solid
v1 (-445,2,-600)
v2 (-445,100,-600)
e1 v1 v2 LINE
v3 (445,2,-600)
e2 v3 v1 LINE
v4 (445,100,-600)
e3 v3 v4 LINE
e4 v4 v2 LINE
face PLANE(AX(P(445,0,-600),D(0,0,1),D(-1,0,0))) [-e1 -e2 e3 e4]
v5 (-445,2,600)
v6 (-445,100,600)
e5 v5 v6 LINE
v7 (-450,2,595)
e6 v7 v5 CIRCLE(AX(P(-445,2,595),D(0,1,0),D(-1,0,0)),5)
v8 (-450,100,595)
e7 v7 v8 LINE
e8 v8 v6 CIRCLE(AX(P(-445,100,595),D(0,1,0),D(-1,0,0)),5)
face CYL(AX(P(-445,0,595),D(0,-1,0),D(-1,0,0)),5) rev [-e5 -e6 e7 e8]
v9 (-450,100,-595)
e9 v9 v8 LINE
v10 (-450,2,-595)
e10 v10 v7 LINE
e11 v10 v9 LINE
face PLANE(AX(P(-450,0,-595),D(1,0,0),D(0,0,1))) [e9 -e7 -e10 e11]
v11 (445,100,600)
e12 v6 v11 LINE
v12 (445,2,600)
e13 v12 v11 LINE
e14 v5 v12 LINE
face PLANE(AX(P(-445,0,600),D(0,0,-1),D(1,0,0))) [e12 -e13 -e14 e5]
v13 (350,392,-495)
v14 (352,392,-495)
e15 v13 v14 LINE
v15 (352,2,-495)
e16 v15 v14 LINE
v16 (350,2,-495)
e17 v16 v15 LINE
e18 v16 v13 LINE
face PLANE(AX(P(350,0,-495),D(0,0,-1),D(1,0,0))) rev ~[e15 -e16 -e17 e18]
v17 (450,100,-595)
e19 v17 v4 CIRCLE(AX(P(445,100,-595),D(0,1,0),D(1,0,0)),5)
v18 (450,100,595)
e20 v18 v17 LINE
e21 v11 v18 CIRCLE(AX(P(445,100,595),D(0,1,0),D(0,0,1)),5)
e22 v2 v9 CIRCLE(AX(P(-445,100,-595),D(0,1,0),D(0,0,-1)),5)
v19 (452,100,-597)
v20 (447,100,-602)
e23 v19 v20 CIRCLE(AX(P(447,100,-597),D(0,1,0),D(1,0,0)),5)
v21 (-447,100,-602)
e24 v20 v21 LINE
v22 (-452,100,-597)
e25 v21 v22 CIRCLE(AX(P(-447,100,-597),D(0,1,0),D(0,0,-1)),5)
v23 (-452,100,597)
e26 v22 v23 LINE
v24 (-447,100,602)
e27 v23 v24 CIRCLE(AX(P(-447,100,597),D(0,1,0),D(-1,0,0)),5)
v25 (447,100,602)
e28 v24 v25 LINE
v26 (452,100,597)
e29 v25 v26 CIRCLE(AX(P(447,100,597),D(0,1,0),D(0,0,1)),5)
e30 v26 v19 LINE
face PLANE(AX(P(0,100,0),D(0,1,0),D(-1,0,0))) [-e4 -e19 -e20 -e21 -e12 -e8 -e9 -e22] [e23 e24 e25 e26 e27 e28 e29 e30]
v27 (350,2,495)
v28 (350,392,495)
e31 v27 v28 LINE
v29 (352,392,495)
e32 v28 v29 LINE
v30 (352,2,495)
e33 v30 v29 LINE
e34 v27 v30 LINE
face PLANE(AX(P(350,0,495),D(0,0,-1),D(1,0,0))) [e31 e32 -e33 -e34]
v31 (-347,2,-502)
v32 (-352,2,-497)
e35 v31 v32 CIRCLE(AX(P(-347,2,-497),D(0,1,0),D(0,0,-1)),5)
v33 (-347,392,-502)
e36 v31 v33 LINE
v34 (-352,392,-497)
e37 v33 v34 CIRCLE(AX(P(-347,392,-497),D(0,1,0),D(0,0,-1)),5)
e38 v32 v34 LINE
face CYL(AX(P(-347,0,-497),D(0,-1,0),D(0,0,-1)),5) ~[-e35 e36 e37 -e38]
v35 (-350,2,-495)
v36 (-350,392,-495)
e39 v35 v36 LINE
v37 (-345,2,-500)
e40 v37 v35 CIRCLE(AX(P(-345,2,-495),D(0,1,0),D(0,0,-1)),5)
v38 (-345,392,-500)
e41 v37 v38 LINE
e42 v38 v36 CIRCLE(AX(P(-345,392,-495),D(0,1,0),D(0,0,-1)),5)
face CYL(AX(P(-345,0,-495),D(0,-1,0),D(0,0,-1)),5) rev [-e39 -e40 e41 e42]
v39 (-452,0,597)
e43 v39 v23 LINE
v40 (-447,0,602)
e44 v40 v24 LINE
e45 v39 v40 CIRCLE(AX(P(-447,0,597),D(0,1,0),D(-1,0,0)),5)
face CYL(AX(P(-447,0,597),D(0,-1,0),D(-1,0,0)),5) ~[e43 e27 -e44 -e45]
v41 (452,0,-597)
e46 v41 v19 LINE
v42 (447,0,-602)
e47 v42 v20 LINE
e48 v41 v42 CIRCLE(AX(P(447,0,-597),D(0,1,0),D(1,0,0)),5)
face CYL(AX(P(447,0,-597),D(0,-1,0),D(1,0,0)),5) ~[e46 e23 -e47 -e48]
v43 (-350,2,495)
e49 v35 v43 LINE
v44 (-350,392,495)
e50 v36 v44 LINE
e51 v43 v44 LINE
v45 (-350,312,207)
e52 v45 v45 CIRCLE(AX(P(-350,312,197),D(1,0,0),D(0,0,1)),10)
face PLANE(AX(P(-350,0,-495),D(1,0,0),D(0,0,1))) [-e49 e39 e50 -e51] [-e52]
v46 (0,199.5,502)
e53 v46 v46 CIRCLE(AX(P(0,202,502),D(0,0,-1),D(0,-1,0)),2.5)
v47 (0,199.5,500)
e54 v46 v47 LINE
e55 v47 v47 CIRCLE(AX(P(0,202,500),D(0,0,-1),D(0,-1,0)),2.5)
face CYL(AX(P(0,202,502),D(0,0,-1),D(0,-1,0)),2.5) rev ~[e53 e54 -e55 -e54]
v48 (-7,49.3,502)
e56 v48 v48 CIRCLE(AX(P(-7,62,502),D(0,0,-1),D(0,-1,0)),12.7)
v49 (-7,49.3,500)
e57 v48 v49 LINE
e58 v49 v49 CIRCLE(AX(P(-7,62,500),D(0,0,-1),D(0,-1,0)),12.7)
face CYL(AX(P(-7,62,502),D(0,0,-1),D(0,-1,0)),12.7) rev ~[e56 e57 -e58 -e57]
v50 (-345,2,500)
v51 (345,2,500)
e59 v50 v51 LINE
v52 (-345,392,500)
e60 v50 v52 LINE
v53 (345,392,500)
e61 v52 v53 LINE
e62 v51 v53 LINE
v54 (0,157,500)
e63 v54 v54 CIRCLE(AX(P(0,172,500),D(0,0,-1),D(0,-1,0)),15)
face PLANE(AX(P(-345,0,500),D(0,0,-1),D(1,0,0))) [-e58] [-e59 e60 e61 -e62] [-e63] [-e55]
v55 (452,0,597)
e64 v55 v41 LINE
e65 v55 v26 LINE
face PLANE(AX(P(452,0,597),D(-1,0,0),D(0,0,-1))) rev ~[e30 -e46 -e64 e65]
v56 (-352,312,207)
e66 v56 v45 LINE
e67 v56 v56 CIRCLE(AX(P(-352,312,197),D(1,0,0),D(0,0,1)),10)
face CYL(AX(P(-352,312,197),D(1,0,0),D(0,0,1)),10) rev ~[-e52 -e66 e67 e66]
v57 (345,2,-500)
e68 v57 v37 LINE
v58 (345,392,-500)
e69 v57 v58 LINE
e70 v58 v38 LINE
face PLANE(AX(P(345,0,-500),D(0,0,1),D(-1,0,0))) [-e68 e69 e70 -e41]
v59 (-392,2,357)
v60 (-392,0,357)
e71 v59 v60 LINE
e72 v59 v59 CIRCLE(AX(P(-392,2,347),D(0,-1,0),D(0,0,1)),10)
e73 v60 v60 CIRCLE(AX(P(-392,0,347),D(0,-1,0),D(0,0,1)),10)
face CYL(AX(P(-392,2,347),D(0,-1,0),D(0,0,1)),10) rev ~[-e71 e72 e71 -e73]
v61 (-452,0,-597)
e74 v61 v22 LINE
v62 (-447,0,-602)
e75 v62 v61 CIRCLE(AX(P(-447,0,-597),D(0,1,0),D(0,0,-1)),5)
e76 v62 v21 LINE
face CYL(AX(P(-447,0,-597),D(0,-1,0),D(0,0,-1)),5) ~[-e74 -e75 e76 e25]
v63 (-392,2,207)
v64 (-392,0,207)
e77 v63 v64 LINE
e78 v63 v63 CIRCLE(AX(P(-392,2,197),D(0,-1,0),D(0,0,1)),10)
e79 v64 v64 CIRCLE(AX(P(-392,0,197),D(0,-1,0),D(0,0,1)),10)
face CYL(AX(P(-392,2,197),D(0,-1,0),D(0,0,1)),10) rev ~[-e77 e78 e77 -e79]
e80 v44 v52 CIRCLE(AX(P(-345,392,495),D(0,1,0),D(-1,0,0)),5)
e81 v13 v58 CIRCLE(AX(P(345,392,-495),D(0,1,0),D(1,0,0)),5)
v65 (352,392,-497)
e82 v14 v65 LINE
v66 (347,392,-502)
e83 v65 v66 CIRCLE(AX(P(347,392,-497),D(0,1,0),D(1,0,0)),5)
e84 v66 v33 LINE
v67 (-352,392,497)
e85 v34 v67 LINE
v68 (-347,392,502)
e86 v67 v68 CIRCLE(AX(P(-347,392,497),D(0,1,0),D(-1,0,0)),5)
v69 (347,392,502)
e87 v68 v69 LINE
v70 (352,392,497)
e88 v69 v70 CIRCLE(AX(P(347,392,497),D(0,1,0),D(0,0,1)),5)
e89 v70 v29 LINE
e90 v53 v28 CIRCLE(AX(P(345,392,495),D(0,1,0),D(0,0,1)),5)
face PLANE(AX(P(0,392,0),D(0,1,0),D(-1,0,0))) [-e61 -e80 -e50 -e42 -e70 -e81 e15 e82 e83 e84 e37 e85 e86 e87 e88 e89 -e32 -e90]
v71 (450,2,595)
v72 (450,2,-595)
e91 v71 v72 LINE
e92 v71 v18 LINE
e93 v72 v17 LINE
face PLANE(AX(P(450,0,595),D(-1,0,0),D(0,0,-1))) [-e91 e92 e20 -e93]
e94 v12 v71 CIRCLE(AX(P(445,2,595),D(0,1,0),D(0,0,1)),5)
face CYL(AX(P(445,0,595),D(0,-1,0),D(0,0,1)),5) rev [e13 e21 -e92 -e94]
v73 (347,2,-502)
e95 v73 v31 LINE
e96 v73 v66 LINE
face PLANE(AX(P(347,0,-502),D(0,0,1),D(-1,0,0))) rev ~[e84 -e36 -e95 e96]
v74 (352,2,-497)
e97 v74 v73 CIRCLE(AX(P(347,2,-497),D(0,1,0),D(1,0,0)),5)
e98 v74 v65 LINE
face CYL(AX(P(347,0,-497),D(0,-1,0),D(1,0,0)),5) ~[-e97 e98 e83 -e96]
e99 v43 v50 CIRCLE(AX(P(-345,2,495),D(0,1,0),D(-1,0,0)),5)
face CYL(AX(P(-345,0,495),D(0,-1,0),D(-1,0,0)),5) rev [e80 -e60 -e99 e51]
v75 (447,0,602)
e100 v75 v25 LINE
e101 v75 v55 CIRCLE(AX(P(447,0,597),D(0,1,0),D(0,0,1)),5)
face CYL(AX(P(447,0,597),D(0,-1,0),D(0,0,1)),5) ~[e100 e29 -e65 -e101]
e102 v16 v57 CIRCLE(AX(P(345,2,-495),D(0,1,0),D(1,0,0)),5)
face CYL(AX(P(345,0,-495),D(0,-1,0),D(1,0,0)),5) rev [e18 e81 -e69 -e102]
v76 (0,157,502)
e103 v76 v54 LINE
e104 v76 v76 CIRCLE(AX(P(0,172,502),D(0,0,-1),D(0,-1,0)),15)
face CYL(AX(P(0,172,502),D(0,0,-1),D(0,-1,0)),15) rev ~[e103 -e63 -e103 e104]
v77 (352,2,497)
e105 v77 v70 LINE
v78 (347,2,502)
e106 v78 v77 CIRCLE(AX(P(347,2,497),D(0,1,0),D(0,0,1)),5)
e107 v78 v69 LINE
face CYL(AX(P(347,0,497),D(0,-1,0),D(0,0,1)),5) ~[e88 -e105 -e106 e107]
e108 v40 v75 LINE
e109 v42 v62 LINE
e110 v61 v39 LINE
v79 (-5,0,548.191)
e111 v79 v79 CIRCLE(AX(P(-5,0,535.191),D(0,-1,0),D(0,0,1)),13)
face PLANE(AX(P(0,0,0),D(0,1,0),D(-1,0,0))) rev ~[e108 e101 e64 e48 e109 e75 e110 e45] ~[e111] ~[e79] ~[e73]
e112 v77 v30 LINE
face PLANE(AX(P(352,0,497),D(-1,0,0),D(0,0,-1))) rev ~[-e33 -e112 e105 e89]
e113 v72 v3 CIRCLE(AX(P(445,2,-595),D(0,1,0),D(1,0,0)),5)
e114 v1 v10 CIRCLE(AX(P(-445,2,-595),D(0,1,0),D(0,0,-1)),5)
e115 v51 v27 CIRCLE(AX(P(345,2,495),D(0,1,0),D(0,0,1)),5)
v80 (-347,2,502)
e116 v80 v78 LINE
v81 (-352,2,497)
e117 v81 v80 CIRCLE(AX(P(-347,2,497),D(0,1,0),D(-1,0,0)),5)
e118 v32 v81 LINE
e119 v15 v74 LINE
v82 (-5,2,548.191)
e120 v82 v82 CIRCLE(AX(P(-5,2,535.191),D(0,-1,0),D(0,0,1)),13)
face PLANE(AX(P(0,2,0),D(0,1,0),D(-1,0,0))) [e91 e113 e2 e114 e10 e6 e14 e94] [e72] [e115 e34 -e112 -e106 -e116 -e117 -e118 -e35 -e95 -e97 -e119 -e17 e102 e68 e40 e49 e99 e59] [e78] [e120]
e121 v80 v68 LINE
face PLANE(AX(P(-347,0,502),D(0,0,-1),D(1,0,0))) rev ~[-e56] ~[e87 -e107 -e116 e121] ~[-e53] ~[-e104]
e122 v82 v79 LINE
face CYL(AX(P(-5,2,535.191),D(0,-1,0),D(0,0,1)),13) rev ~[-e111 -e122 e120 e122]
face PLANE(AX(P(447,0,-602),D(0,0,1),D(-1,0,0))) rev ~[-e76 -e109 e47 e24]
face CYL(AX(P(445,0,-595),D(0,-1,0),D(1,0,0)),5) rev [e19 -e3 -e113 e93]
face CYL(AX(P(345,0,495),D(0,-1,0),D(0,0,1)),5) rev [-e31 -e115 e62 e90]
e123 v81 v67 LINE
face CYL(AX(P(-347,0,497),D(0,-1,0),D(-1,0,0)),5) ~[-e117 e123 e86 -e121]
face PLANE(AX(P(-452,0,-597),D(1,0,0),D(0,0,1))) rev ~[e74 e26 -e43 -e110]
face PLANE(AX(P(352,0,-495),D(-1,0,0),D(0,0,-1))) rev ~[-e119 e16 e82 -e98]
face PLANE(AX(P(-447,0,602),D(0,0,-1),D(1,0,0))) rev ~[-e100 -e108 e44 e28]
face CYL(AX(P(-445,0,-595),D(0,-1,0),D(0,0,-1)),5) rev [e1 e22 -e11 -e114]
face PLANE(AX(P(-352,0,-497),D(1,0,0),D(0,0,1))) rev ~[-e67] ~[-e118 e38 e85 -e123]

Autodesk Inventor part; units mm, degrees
ref_plane "YZ Plane" through (0, 0, 0) normal (1, 0, 0) x (0, 1, 0)
ref_plane "XZ Plane" through (0, 0, 0) normal (0, 1, 0) x (-1, 0, 0)
ref_plane "XY Plane" through (0, 0, 0) normal (0, 0, 1) x (1, 0, 0)
sketch "Sketch1" plane through (0, 0, 0) normal (0, 1, 0) x (-1, 0, 0)
  line L0 (345, 500) -> (-345, 500)
  line L1 (-345, -500) -> (345, -500)
  line L2 (350, -495) -> (350, 495)
  line L3 (350, 500) -> (-350, -500) construction
  line L4 (-350, 500) -> (350, -500) construction
  line L5 (347, 502) -> (-347, 502)
  line L6 (-347, -502) -> (347, -502)
  line L7 (352, -497) -> (352, 497)
  line L8 (352, 502) -> (-352, -502) construction
  line L9 (-352, 502) -> (352, -502) construction
  line L10 (445, 600) -> (-445, 600)
  line L11 (-450, 595) -> (-450, -595)
  line L12 (-445, -600) -> (445, -600)
  line L13 (450, -595) -> (450, 595)
  line L14 (450, 600) -> (-450, -600) construction
  line L15 (-450, 600) -> (450, -600) construction
  line L16 (447, 602) -> (-447, 602)
  line L17 (-452, 597) -> (-452, -597)
  line L18 (-447, -602) -> (447, -602)
  line L19 (452, -597) -> (452, 597)
  line L20 (452, 602) -> (-452, -602) construction
  line L21 (-452, 602) -> (452, -602) construction
  arc A0 (452, 597) -> (447, 602) centre (447, 597) ccw
  arc A1 (450, 595) -> (445, 600) centre (445, 595) ccw
  arc A2 (-445, 600) -> (-450, 595) centre (-445, 595) ccw
  arc A3 (-447, 602) -> (-452, 597) centre (-447, 597) ccw
  arc A4 (-450, -595) -> (-445, -600) centre (-445, -595) ccw
  arc A5 (-452, -597) -> (-447, -602) centre (-447, -597) ccw
  arc A6 (445, -600) -> (450, -595) centre (445, -595) ccw
  arc A7 (447, -602) -> (452, -597) centre (447, -597) ccw
  arc A8 (350, 495) -> (345, 500) centre (345, 495) ccw
  arc A9 (352, 497) -> (347, 502) centre (347, 497) ccw
  arc A10 (-345, 500) -> (-350, 495) centre (-345, 495) ccw
  arc A11 (-347, 502) -> (-352, 497) centre (-347, 497) ccw
  arc A12 (-352, -497) -> (-347, -502) centre (-347, -497) ccw
  arc A13 (-350, -495) -> (-345, -500) centre (-345, -495) ccw
  arc A14 (345, -500) -> (350, -495) centre (345, -495) ccw
  arc A15 (347, -502) -> (352, -497) centre (347, -497) ccw
  line L22 (-350, 495) -> (-352, 495)
  line L23 (-350, -495) -> (-352, -495)
  line L24 (-352, 497) -> (-352, 495)
  line L25 (-350, 466.6667) -> (-350, 466.1504)
  line L26 (-352, 469.3333) -> (-352, 468.8142)
  line L27 (-352, -495) -> (-352, -497)
  point P0 (0, 0)
  dimension "d0" = 700
  dimension "d1" = 1000
  dimension "d2" = 704
  dimension "d3" = 1004
  dimension "d4" = 900
  dimension "d5" = 1200
  dimension "d6" = 904
  dimension "d7" = 1204
  dimension "d8" = 5
  dimension "d9" = 5
extrude "Extrusion6" add sketch "Sketch1" along normal blind 2 contours A1 L13 A6 L12 A4 L11 A2 L10
extrude "Extrusion7" add sketch "Sketch1" along normal blind 392 contours L0 A10 L22 L24 A11 L5 A9 L7 A15 L6 A12 L27 L23 A13 L1 A14 L2 A8
extrude "Extrusion8" add sketch "Sketch1" along normal blind 100 contours A0 L19 A7 L18 A5 L17 A3 L16
sketch "Sketch2" plane through (-347, 2, 502) normal (0, 0, 1) x (1, 0, 0)
  line L0 (694, 0) -> (694, 390) projected
  line L1 (0, 390) -> (694, 390) projected
  point P0 (347, -2)
  point P1 (347, 200)
  dimension "d40" = 347
  dimension "d42" = 190
hole "Hole1" at (0, 202, 502) direction (0, 0, -1) diameter 5 depth 3 tip angle 118
sketch "Sketch3" plane through (-347, 2, 502) normal (0, 0, 1) x (1, 0, 0)
  line L0 (694, 0) -> (694, 390) projected
  line L1 (0, 390) -> (694, 390) projected
  point P0 (347, -2)
  point P1 (347, 170)
  dimension "d41" = 347
  dimension "d43" = 220
hole "Hole2" at (0, 172, 502) direction (0, 0, -1) diameter 30 depth 3 tip angle 118
sketch "Sketch4" plane through (-352, 2, 497) normal (-1, 0, 0) x (0, 0, 1)
  line L0 (0, 0) -> (0, 390) projected
  line L1 (-994, 390) -> (0, 390) projected
  point P0 (-497, -2)
  point P1 (-150, -20)
  point P2 (-300, 310)
  dimension "d58" = 300
  dimension "d59" = 150
  dimension "d60" = 80
  dimension "d61" = 410
hole "Hole3" at (-352, -18, 347) at (-352, 312, 197) direction (1, 0, 0) diameter 20 depth 20
sketch "Sketch5" plane through (0, 2, 0) normal (0, 1, 0) x (1, 0, 0)
  line L0 (-352, -497) -> (-352, 497) projected
  point P0 (0, 0)
  point P1 (-392, -347)
  point P2 (-392, -197)
  dimension "d62" = 150
  dimension "d63" = 40
  dimension "d64" = 300
  dimension "d65" = 40
hole "Hole4" at (-392, 2, 347) at (-392, 2, 197) direction (0, -1, 0) diameter 20 depth 20
sketch "Sketch6" plane through (-347, 2, 502) normal (0, 0, 1) x (1, 0, 0)
  line L0 (694, 0) -> (0, 0) projected
  line L1 (0, 0) -> (0, 390) projected
  point P0 (347, -2)
  point P1 (340, 60)
  dimension "d73" = 60
  dimension "d74" = 340
hole "Hole5" at (-7, 62, 502) direction (0, 0, -1) diameter 25.4 depth 25.4 tip angle 118
sketch "Sketch7" plane through (0, 2, 0) normal (0, 1, 0) x (1, 0, 0)
  point P0 (0, 0)
  point P1 (-5, -535.191)
  point P2 (-345, -500)
  dimension "d82" = 340
hole "Hole6" at (-5, 2, 535.191) direction (0, -1, 0) diameter 26 depth 26 tip angle 118
properties part number "tub" material "CFRP"
